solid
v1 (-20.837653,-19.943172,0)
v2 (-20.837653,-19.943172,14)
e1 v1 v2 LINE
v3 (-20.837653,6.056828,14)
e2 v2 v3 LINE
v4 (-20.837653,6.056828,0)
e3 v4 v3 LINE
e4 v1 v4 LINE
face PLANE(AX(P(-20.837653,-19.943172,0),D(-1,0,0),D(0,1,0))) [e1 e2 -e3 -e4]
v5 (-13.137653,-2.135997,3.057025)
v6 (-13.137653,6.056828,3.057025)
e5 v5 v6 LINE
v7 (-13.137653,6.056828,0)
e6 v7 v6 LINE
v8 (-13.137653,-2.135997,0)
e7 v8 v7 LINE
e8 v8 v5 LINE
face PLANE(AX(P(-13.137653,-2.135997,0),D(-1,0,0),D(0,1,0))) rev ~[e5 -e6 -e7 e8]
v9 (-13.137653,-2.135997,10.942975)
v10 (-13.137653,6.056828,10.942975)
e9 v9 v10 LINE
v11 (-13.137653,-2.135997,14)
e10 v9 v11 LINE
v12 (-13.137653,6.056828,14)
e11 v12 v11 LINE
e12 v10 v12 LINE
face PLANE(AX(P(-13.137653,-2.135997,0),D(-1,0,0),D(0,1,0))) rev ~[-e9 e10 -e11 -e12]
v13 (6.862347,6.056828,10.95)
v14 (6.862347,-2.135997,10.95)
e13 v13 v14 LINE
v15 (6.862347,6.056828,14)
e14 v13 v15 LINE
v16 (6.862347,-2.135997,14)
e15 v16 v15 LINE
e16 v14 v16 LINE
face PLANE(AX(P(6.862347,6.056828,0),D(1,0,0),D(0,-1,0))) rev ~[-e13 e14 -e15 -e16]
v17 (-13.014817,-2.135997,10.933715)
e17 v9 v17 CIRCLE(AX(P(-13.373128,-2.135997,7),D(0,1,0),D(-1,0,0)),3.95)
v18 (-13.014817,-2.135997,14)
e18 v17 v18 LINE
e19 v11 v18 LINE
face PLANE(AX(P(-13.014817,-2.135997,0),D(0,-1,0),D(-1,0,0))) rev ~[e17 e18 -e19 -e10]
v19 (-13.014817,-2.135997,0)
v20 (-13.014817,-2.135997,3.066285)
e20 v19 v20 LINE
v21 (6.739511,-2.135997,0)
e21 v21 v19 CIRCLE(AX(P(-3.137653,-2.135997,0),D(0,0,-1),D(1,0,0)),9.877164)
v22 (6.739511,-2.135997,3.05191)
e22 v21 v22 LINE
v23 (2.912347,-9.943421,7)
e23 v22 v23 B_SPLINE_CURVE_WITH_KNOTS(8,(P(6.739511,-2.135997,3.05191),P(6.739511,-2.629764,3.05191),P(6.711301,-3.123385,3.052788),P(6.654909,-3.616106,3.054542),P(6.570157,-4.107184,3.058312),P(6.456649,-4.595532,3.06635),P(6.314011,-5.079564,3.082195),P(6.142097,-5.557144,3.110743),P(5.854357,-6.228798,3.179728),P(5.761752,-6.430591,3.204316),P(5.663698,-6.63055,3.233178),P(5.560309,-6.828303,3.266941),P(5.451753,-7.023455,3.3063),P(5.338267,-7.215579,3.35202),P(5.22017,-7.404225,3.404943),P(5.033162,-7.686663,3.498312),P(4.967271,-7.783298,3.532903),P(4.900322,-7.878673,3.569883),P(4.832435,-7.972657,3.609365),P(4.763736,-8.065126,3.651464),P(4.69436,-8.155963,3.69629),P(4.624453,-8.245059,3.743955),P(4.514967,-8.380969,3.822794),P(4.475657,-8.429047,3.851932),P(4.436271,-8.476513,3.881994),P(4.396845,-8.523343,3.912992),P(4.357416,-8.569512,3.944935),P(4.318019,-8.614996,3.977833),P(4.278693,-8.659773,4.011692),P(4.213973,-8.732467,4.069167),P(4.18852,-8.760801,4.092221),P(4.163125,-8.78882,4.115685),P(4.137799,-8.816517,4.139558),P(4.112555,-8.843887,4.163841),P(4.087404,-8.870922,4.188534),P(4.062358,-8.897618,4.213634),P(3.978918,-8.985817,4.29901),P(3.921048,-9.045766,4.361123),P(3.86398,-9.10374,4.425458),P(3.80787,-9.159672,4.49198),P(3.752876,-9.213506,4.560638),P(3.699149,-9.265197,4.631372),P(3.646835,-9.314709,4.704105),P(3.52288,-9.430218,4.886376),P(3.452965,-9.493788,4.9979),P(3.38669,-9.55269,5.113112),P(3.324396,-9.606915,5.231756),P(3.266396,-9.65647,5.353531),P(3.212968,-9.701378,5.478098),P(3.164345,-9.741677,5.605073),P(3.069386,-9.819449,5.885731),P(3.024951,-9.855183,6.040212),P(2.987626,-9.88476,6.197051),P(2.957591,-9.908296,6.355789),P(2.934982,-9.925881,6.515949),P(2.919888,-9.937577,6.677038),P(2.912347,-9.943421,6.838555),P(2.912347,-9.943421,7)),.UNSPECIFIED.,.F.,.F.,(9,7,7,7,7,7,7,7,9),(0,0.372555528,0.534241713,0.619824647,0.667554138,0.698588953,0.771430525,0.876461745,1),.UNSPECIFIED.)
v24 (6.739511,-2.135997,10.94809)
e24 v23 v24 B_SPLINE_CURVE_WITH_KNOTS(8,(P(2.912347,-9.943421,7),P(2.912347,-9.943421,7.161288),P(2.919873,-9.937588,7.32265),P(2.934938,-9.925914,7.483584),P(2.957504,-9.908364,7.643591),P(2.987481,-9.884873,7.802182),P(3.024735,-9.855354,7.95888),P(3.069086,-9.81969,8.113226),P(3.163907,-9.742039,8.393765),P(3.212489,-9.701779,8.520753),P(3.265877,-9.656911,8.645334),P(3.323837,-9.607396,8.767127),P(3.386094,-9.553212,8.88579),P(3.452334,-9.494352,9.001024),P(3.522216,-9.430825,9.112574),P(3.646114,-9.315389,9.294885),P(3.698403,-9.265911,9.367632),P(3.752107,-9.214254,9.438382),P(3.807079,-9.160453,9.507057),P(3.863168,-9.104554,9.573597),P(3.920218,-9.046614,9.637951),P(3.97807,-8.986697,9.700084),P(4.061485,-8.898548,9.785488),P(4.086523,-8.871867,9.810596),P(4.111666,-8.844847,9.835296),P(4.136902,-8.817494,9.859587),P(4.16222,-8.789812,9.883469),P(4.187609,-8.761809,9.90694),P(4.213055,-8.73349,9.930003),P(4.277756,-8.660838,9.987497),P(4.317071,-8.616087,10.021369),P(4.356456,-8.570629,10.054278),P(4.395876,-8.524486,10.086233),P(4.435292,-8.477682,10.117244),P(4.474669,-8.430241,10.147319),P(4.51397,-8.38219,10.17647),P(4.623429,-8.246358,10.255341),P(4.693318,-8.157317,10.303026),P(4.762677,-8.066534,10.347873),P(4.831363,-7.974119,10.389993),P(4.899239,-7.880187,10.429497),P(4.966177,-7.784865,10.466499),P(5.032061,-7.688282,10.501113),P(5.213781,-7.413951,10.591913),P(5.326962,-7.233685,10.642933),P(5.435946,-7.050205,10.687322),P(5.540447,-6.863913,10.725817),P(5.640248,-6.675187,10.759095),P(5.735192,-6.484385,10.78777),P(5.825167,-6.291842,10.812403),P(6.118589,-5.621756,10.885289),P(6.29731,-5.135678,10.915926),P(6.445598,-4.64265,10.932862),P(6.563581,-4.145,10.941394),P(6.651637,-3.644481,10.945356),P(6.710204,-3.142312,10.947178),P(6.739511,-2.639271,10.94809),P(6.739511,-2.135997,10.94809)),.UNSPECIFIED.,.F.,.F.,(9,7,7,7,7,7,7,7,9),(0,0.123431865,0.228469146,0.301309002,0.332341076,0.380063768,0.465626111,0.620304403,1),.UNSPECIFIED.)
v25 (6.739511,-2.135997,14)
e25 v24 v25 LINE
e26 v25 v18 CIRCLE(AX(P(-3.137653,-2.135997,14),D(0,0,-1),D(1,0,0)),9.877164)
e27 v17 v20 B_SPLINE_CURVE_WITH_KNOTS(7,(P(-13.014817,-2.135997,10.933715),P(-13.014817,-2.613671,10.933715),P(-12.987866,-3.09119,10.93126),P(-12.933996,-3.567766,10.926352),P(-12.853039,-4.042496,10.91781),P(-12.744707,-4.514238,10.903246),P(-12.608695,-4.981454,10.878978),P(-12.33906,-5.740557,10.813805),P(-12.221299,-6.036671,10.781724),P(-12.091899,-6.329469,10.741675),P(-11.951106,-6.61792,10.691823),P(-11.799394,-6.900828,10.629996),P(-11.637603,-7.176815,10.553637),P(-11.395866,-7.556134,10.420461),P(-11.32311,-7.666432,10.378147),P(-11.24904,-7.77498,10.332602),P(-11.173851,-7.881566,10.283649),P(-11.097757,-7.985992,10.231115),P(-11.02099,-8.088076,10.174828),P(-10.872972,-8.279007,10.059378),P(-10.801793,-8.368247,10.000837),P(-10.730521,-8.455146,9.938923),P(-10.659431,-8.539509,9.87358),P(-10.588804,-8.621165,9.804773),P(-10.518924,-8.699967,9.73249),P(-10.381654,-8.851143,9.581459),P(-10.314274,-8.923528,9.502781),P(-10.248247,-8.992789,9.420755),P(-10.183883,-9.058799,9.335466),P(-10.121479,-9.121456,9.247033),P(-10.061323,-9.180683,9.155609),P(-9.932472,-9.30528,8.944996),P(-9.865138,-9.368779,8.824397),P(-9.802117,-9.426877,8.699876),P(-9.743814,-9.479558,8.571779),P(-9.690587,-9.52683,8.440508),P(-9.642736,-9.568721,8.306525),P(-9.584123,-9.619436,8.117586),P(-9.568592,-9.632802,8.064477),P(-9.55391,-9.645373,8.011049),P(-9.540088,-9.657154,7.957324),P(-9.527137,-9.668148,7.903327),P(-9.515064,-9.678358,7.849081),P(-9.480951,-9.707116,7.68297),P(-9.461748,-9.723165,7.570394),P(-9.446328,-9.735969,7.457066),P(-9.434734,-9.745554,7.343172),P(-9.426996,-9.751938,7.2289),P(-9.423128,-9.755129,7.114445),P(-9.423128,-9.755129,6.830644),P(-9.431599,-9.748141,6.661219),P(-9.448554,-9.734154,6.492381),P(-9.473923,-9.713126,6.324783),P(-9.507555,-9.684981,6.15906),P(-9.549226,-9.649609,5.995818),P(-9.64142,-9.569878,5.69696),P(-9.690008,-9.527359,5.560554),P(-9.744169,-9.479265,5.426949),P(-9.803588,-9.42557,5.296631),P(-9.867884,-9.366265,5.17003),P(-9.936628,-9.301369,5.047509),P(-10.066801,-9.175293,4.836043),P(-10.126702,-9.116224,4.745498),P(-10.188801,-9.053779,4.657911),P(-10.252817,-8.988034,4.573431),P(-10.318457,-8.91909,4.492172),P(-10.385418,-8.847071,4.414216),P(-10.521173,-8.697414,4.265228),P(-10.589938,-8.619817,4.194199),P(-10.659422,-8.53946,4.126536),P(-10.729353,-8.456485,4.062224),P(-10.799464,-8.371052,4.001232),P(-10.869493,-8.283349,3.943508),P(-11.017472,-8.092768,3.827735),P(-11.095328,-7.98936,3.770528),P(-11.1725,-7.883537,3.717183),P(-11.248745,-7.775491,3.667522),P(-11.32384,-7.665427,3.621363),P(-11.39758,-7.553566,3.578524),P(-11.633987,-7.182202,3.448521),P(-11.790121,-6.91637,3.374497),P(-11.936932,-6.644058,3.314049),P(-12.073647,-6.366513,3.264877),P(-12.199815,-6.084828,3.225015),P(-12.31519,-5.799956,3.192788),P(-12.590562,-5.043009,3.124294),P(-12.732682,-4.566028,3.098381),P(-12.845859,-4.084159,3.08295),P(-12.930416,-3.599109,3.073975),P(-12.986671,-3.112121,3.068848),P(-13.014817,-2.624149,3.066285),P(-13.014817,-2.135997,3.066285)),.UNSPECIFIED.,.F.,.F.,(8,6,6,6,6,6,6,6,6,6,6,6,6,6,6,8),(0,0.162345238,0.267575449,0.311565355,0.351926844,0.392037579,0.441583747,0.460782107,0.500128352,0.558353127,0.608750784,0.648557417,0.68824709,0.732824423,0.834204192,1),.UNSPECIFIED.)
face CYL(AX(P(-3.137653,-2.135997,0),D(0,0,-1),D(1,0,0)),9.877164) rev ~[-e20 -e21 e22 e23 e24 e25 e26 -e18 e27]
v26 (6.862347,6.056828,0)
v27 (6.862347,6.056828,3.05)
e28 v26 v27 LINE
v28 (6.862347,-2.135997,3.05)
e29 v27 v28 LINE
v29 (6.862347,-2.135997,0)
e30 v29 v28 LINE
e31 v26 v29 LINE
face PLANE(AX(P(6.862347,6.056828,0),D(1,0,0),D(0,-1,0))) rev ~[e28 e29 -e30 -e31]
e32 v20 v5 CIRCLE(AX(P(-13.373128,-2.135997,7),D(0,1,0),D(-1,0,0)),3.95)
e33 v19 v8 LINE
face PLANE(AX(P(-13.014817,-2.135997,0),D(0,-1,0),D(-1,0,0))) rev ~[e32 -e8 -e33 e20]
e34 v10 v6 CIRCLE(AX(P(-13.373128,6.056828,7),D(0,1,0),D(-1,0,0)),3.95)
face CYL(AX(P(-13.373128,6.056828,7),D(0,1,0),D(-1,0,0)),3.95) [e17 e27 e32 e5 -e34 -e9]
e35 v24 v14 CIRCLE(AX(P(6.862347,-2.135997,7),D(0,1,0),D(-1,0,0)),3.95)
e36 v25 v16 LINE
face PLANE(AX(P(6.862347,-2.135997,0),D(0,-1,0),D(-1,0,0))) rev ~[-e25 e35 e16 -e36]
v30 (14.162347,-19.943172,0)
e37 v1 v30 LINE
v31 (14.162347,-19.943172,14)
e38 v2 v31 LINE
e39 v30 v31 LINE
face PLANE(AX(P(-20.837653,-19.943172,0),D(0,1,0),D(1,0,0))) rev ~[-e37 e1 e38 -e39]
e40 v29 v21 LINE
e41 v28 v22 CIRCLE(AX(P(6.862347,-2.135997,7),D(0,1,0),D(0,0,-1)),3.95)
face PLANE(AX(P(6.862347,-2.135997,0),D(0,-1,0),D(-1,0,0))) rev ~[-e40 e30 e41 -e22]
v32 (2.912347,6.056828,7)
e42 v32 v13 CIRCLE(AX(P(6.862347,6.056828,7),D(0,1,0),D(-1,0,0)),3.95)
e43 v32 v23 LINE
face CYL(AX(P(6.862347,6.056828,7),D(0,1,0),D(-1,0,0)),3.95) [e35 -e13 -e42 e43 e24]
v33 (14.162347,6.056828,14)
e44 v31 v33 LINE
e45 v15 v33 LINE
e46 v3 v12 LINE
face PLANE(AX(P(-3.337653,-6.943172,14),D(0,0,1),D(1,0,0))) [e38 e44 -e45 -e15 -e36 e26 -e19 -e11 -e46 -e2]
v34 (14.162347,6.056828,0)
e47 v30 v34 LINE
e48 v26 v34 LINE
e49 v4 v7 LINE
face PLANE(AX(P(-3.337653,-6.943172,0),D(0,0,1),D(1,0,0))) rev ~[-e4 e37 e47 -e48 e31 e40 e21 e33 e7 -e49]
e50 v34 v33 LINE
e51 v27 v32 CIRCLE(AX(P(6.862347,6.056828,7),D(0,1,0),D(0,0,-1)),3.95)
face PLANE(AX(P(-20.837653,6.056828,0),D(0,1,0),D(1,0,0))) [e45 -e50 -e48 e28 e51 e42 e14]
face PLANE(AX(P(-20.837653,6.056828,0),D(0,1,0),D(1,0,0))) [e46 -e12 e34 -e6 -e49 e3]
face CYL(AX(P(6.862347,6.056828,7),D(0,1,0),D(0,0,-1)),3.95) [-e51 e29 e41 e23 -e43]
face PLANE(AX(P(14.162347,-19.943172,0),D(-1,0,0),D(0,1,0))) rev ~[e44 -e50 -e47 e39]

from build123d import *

# Parameters (mm, degrees)
F0_W     = 35
F0_H     = 26
F1_DEPTH = 14
F3_DEPTH = 32.63313
F4_R     = 3.95
F5_DEPTH = 25


with BuildPart() as f1:
    # F0 (on Top) → F1 (new body)
    with BuildSketch(Plane.XY):
        with Locations((-3.3376533666, -6.9431716278)):
            Rectangle(F0_W, F0_H)
    extrude(amount=F1_DEPTH)

    # F2 (on face) → F3 (cut)
    with BuildSketch(Plane(origin=(0, 0, 0), x_dir=(1, 0, 0), z_dir=(0, 0, -1))):
        with BuildLine():
            Line((-13.1376533666, 2.1359970383), (-13.1376533666, -6.0568283722))
            Line((-13.1376533666, -6.0568283722), (-8.6545346445, -6.0568283722))
            ThreePointArc((-8.6545346445, -6.0568283722), (-11.8568708771, -2.5044354035), (-13.0148172936, 2.1359970383))
            Line((-13.0148172936, 2.1359970383), (-13.1376533666, 2.1359970383))
        make_face()
        with BuildLine():
            ThreePointArc((-13.0148172936, 2.1359970383), (-11.8568708771, -2.5044354035), (-8.6545346445, -6.0568283722))
            Line((-8.6545346445, -6.0568283722), (2.3792279113, -6.0568283722))
            ThreePointArc((2.3792279113, -6.0568283722), (5.5815641438, -2.5044354035), (6.7395105604, 2.1359970383))
            Line((6.7395105604, 2.1359970383), (-13.0148172936, 2.1359970383))
        make_face()
        with BuildLine():
            ThreePointArc((6.7395105604, 2.1359970383), (5.5815641438, -2.5044354035), (2.3792279113, -6.0568283722))
            Line((2.3792279113, -6.0568283722), (6.8623466334, -6.0568283722))
            Line((6.8623466334, -6.0568283722), (6.8623466334, 2.1359970383))
            Line((6.8623466334, 2.1359970383), (6.7395105604, 2.1359970383))
        make_face()
        with BuildLine():
            ThreePointArc((6.7395105604, 2.1359970383), (-3.1376533666, 12.0131609653), (-13.0148172936, 2.1359970383))
            Line((-13.0148172936, 2.1359970383), (6.7395105604, 2.1359970383))
        make_face()
    extrude(amount=-F3_DEPTH, mode=Mode.SUBTRACT)

    # F4 (on face) → F5 (join)
    with BuildSketch(Plane(origin=(0, 6.0568283722, 0), x_dir=(-1, 0, 0), z_dir=(0, 1, 0))):
        with Locations((13.3731277149, 7)):
            Circle(F4_R)
        with BuildLine():
            ThreePointArc((-6.8623466334, 3.05), (-4.0692748477, 4.2069282143), (-2.9123466334, 7))
            ThreePointArc((-2.9123466334, 7), (-4.0692748477, 9.7930717857), (-6.8623466334, 10.95))
            Line((-6.8623466334, 10.95), (-6.8623466334, 3.05))
        make_face()
    extrude(amount=-F5_DEPTH)


solid = f1.part
